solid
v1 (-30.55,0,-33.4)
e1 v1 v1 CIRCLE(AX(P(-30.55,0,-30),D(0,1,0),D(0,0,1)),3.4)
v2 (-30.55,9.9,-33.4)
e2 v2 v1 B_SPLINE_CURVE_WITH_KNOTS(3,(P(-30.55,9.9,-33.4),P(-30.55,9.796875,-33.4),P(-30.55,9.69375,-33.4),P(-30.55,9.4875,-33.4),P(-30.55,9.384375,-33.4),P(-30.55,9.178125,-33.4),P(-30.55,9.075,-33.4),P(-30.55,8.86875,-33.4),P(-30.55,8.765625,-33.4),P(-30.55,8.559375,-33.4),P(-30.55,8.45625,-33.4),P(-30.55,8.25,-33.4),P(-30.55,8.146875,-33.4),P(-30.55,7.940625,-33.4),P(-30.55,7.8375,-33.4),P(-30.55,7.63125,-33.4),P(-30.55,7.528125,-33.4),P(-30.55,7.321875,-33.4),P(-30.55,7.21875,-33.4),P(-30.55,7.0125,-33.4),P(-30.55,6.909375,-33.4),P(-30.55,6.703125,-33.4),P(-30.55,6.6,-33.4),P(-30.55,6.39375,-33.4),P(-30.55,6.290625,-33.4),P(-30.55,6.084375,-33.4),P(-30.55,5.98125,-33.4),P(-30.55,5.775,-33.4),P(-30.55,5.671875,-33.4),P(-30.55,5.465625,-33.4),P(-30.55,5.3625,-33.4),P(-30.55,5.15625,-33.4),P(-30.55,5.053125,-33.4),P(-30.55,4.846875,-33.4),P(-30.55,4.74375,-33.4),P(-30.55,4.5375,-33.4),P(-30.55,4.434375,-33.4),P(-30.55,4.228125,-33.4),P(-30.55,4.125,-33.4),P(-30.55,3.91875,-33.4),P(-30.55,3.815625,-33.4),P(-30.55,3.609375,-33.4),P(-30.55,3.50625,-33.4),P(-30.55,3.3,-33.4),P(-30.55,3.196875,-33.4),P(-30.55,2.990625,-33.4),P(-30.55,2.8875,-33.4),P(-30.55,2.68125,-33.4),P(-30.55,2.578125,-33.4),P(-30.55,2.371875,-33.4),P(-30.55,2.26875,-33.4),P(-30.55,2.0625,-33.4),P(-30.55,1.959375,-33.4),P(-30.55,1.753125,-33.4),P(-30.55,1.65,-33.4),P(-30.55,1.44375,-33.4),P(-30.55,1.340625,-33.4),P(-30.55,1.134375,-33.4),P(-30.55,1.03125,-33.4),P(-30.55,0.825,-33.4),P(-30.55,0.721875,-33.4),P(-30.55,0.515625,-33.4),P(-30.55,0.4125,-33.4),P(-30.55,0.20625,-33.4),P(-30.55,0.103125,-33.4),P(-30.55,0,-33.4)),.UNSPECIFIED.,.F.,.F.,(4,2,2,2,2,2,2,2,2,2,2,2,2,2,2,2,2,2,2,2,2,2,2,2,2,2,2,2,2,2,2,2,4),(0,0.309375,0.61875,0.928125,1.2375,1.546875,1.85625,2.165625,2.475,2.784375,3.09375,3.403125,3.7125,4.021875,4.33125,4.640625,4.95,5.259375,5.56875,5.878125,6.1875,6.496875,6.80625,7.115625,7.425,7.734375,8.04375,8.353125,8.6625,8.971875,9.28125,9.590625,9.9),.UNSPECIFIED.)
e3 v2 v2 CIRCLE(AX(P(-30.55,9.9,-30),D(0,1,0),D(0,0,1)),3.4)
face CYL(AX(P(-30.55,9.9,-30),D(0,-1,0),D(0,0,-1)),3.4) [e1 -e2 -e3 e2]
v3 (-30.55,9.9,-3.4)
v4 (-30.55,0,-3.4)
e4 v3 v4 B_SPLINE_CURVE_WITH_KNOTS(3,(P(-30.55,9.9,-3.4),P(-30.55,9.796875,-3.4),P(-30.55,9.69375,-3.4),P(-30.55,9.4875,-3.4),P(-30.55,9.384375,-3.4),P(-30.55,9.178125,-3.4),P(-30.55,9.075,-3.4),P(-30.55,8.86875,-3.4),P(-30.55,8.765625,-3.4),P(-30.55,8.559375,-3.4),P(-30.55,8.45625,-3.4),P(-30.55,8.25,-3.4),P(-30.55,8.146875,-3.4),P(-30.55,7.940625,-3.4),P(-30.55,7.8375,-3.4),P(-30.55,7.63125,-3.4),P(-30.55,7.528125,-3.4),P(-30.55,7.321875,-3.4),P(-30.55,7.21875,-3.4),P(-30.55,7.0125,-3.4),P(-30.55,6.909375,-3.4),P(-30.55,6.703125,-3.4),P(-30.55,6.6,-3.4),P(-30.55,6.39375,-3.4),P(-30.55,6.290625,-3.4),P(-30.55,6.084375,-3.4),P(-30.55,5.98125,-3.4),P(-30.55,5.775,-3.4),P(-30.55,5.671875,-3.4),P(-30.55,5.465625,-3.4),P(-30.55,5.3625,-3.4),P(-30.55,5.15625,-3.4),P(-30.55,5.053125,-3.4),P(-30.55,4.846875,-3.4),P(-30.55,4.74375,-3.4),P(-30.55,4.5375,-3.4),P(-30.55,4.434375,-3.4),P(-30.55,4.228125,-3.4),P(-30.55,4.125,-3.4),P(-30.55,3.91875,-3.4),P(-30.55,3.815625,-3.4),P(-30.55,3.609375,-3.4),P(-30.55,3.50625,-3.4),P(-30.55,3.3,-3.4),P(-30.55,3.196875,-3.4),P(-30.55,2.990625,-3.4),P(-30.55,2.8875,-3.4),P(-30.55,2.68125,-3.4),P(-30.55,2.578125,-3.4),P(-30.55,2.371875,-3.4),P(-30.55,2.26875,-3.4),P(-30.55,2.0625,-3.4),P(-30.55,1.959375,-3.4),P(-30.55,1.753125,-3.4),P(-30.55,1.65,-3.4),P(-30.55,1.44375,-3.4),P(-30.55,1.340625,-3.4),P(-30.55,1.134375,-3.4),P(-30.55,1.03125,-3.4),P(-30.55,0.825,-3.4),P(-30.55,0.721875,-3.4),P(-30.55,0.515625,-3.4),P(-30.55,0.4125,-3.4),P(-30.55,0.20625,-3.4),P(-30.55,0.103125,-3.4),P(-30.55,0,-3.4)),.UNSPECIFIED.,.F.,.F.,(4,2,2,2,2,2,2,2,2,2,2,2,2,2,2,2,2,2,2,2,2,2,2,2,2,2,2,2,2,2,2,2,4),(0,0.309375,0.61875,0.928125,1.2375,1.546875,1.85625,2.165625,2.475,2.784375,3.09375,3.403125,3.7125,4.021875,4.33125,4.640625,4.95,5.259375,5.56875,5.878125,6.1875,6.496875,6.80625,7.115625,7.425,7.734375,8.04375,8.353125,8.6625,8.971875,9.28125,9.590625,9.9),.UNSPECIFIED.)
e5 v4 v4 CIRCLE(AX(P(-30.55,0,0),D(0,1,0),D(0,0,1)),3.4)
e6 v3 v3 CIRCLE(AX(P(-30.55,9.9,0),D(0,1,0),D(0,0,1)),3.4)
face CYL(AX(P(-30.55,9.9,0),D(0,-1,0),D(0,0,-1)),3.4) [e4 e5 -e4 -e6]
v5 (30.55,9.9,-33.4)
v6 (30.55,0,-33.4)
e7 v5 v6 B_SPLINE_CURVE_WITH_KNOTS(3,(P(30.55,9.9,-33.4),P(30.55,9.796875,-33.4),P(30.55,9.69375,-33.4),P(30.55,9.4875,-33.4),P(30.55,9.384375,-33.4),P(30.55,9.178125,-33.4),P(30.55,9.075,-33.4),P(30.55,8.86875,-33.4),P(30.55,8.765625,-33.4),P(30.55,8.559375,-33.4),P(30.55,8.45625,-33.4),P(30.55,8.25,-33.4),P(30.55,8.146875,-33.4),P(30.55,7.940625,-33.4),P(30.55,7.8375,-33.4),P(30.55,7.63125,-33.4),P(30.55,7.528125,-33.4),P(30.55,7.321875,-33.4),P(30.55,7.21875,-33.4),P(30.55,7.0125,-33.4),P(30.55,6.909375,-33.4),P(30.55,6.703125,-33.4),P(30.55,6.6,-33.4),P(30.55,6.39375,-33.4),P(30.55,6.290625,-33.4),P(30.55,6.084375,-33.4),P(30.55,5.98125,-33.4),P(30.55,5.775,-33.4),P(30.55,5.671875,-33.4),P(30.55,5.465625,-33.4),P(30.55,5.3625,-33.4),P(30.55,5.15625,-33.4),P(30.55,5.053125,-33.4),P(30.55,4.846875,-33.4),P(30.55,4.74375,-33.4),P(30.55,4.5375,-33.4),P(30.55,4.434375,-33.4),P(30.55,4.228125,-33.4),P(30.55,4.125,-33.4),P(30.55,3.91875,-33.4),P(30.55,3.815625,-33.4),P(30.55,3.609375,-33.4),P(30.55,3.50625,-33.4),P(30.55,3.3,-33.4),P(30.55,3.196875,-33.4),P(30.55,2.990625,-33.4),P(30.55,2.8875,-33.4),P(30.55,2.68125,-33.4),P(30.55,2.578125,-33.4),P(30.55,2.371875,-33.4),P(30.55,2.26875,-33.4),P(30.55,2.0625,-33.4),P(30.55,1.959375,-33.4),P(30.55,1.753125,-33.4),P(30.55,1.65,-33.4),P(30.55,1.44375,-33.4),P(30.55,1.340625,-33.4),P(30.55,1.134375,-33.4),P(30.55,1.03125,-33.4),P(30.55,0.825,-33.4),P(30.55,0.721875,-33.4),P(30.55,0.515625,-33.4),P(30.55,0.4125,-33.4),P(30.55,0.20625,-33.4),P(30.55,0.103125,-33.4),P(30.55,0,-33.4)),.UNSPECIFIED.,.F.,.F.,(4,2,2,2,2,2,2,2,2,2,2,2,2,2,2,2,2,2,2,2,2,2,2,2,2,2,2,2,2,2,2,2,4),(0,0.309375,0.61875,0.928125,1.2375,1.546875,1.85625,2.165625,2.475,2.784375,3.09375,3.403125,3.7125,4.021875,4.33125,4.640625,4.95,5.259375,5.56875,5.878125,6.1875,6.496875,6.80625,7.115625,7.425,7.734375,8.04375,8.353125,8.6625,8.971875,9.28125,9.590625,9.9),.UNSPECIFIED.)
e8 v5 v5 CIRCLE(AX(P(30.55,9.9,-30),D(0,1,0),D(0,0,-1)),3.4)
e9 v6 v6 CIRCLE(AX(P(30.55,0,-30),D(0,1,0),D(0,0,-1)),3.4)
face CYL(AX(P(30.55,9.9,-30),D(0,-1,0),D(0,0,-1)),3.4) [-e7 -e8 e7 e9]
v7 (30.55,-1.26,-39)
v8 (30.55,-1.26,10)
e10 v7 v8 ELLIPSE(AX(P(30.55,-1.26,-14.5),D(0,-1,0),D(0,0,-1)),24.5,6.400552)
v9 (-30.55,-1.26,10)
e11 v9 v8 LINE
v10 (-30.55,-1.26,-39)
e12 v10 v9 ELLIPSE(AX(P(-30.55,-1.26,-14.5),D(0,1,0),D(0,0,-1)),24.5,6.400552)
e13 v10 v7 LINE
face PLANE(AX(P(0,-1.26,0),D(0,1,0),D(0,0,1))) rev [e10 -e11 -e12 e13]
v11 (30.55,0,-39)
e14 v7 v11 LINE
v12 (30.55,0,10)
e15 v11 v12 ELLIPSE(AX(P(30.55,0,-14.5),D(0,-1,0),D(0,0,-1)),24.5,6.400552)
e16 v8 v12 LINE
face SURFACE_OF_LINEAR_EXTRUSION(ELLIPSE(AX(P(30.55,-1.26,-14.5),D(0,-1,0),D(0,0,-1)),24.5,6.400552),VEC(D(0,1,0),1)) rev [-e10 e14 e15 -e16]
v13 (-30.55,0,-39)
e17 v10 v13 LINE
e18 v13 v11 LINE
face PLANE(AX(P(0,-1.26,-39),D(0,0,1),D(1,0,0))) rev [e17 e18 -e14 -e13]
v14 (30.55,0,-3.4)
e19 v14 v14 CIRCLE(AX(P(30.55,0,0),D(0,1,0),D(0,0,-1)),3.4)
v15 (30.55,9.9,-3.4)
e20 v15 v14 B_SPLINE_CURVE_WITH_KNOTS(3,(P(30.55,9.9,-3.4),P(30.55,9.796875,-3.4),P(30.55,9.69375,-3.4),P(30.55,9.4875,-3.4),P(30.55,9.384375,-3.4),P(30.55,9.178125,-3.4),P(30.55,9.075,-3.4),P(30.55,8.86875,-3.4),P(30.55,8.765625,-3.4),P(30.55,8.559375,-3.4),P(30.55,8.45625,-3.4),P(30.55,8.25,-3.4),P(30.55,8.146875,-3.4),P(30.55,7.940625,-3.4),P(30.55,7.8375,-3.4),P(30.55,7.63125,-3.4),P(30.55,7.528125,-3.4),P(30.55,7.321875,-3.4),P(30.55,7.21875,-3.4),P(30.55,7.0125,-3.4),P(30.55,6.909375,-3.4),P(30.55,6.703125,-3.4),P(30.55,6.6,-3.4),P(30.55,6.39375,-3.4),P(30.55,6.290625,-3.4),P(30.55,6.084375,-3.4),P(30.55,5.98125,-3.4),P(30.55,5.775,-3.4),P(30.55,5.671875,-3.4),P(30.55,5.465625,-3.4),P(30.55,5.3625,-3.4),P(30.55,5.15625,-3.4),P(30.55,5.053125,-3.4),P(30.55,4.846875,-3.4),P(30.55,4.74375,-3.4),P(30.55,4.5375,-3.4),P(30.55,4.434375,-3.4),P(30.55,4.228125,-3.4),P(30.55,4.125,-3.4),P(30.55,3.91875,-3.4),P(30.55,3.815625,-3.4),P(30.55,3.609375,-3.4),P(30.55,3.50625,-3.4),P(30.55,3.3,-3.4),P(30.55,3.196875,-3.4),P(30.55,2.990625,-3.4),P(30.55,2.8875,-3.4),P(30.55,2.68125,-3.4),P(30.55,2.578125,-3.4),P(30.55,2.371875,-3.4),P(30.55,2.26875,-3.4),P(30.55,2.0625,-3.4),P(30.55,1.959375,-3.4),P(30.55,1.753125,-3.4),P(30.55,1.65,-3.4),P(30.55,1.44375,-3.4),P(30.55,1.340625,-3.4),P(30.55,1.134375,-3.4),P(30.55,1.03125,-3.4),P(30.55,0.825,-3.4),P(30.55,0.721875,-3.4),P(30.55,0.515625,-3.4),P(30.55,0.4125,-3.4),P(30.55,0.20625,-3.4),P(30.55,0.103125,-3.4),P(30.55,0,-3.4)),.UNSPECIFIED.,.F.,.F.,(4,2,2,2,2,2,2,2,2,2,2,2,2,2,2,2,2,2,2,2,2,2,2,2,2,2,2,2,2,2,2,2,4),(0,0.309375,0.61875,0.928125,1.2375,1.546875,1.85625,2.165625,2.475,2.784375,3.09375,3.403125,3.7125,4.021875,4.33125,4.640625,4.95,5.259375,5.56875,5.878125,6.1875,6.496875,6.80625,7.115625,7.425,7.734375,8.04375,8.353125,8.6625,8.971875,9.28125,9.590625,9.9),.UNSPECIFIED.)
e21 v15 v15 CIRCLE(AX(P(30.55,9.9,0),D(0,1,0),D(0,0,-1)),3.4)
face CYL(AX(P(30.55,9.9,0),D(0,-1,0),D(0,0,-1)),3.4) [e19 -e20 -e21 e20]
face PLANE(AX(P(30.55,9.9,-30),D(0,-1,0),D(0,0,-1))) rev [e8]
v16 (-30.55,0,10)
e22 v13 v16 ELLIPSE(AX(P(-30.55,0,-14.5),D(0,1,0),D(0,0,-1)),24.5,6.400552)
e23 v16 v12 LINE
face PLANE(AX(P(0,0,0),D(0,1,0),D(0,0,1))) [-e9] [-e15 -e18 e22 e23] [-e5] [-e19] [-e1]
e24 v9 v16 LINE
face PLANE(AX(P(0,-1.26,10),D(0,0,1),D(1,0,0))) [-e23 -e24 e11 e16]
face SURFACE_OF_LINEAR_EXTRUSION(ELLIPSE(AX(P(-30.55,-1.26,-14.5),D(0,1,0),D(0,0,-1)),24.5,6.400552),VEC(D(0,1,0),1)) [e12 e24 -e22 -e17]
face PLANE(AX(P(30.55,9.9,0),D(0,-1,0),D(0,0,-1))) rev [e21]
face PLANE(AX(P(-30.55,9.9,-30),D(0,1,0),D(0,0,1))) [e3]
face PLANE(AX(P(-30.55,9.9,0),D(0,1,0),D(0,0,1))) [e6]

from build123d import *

# Parameters (mm, degrees)
ESBO_O1_R                  = 3.4
RESSALTO_EXTRUS_O1_DEPTH   = 9.9
RESSALTO_EXTRUS_O1_2_DEPTH = 9.9
RESSALTO_EXTRUS_O1_3_DEPTH = 9.9
RESSALTO_EXTRUS_O1_4_DEPTH = 9.9
ESBO_O3_RX                 = 24.5
ESBO_O3_RY                 = 6.4005522
ESBO_O3_W                  = 61.1
ESBO_O3_H                  = 49
RESSALTO_EXTRUS_O2_DEPTH   = 1.26


with BuildPart() as part:
    # Esboço1 → Ressalto-extrusão1 (new body)
    with BuildSketch(Plane(origin=(0, 0, 0), x_dir=(1, 0, 0), z_dir=(0, 1, 0))):
        with Locations(Location((-30.55, 30, 0), (0, 0, 90))):
            Circle(ESBO_O1_R)
    extrude(amount=RESSALTO_EXTRUS_O1_DEPTH)



with BuildPart() as body_2:
    # Esboço1 → Ressalto-extrus_o1 2 (new body)
    with BuildSketch(Plane(origin=(0, 0, 0), x_dir=(1, 0, 0), z_dir=(0, 1, 0))):
        with Locations(Location((-30.55, 0, 0), (0, 0, 90))):
            Circle(ESBO_O1_R)
    extrude(amount=RESSALTO_EXTRUS_O1_2_DEPTH)


with BuildPart() as body_3:
    # Esboço1 → Ressalto-extrus_o1 3 (new body)
    with BuildSketch(Plane(origin=(0, 0, 0), x_dir=(1, 0, 0), z_dir=(0, 1, 0))):
        with Locations(Location((30.55, 0, 0), (0, 0, 90))):
            Circle(ESBO_O1_R)
    extrude(amount=RESSALTO_EXTRUS_O1_3_DEPTH)


with BuildPart() as body_4:
    # Esboço1 → Ressalto-extrus_o1 4 (new body)
    with BuildSketch(Plane(origin=(0, 0, 0), x_dir=(1, 0, 0), z_dir=(0, 1, 0))):
        with Locations(Location((30.55, 30, 0), (0, 0, 90))):
            Circle(ESBO_O1_R)
    extrude(amount=RESSALTO_EXTRUS_O1_4_DEPTH)


with BuildPart() as part_1:
    add(part.part)

    add(body_2.part)  # Ressalto-extrusão2 merges body 2

    add(body_3.part)  # Ressalto-extrusão2 merges body 3

    add(body_4.part)  # Ressalto-extrusão2 merges body 4
    # Esboço3 → Ressalto-extrusão2 (add)
    with BuildSketch(Plane(origin=(0, 0, 0), x_dir=(1, 0, 0), z_dir=(0, 1, 0))):
        with Locations(Location((-30.55, 14.5), (0, 0, 90))):
            Ellipse(ESBO_O3_RX, ESBO_O3_RY)
        with Locations(Location((30.55, 14.5), (0, 0, 90))):
            Ellipse(ESBO_O3_RX, ESBO_O3_RY)
        with Locations((0, 14.5)):
            Rectangle(ESBO_O3_W, ESBO_O3_H)
    extrude(amount=-RESSALTO_EXTRUS_O2_DEPTH)


solid = part_1.part
